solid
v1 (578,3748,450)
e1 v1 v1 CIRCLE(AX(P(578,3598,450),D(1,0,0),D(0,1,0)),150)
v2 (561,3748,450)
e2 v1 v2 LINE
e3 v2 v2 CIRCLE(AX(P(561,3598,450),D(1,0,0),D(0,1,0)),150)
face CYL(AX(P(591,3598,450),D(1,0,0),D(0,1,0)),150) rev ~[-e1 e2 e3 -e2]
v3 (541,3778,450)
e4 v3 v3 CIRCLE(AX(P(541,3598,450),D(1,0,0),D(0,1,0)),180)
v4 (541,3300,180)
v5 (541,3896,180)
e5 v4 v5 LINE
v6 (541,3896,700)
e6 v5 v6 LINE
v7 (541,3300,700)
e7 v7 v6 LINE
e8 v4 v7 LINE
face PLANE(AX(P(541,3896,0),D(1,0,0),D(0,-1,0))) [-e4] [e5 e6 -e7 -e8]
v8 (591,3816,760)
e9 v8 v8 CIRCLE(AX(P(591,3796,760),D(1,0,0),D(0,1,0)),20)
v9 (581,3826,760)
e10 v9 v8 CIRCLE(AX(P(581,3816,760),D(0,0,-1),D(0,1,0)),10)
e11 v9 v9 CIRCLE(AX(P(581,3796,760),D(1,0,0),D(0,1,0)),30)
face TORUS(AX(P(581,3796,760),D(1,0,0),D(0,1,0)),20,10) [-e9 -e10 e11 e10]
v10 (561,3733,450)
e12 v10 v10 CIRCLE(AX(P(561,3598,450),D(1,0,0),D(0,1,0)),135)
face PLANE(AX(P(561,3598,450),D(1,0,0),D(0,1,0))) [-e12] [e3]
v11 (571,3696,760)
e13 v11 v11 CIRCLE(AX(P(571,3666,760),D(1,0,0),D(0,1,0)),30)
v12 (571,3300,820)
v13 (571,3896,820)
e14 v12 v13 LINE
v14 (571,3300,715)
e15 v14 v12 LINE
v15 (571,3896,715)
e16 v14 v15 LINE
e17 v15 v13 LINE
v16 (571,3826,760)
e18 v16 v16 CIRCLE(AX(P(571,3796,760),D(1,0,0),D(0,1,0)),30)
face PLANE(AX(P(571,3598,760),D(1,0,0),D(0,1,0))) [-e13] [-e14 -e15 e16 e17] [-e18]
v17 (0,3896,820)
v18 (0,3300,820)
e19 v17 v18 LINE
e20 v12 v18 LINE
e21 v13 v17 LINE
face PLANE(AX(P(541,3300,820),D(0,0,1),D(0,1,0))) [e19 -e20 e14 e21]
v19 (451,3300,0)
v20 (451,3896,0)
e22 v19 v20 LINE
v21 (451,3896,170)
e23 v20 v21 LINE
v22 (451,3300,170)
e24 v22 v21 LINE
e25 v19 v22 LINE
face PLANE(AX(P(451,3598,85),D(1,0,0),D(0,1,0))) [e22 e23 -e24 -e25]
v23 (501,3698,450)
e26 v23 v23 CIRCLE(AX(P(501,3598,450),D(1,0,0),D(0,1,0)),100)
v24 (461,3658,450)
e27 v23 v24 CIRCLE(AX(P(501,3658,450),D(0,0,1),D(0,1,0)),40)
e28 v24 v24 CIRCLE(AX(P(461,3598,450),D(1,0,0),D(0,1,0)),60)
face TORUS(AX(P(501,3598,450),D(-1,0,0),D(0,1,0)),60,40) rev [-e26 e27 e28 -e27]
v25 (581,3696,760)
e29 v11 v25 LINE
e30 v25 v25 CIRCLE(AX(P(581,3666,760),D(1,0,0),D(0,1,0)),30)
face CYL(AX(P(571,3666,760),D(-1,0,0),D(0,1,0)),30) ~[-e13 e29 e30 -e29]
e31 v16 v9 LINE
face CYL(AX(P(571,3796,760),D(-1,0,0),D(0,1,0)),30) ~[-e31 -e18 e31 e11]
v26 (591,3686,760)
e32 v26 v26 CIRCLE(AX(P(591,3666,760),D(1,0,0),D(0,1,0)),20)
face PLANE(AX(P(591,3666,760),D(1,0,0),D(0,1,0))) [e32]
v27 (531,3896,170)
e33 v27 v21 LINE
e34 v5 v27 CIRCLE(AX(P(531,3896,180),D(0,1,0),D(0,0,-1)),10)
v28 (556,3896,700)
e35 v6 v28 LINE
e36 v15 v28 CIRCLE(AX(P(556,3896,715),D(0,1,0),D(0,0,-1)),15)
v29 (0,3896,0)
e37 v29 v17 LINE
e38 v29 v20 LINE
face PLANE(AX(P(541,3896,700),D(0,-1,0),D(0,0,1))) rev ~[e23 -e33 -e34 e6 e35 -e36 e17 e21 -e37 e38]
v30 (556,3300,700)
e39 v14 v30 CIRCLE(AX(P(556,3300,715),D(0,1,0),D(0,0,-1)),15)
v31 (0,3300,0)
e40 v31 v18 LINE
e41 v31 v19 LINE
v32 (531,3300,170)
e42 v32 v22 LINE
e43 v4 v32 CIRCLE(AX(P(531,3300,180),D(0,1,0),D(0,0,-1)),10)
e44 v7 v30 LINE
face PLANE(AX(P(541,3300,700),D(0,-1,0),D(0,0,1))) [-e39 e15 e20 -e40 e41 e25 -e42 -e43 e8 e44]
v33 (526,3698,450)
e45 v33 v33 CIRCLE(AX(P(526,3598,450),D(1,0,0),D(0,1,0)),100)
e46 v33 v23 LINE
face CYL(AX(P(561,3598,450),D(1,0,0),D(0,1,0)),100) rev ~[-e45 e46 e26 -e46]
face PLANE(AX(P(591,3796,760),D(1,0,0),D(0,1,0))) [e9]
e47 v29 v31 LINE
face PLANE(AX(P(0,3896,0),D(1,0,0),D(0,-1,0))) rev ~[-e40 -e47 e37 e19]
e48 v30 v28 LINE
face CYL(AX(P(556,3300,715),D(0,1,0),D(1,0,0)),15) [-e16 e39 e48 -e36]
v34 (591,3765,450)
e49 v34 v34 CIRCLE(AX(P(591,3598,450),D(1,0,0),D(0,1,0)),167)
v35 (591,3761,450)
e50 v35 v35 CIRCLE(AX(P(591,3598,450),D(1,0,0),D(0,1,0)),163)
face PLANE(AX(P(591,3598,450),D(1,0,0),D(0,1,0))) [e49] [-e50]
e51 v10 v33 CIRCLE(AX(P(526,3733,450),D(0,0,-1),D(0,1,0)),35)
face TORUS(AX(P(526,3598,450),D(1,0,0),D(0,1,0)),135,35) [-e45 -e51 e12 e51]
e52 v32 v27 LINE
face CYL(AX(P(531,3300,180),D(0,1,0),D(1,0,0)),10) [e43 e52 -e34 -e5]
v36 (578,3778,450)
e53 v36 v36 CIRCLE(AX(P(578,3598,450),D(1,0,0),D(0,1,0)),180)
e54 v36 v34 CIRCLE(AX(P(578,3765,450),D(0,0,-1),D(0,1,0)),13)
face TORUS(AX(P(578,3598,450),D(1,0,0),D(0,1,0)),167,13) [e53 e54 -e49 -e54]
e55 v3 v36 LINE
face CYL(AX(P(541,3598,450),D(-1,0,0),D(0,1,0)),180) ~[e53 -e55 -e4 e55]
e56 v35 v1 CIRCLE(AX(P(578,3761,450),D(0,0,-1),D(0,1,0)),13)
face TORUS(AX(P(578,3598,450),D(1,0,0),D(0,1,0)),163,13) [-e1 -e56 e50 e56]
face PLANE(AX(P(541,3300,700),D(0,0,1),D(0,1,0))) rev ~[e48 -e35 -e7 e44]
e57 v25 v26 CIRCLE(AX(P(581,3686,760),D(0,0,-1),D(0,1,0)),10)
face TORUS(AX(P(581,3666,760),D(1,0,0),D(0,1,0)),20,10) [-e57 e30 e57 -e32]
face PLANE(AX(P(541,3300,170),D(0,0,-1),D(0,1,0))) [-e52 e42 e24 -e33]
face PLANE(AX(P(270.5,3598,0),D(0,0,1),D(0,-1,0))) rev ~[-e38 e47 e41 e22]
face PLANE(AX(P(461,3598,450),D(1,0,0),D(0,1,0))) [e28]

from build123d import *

# Parameters (mm, degrees)
SKETCH004_W             = 596
SKETCH004_H             = 541
PAD_DEPTH               = 820
SKETCH005_W             = 596
SKETCH005_H             = 170
POCKET_DEPTH            = 90
SKETCH006_R             = 180
PAD001_DEPTH            = 50
SKETCH007_W             = 596
SKETCH007_H             = 120
PAD002_DEPTH            = 30
SKETCH008_R             = 150
POCKET001_DEPTH         = 30
FILLET003_R             = 13
SKETCH009_R             = 100
POCKET002_DEPTH         = 100
FILLET004_R             = 35
SKETCH010_R             = 30
PAD003_DEPTH            = 20
FILLET005_R             = 10
FILLET006_R             = 10
FILLET007_R             = 15
FILLET008_R             = 40
FILLET009_R             = 10
BODY001_PLACEMENT_ANGLE = 90


with BuildPart() as part:
    # Sketch004 → Pad (new body)
    with BuildSketch(Plane.XY):
        with Locations((298, 270.5)):
            Rectangle(SKETCH004_W, SKETCH004_H)
    extrude(amount=PAD_DEPTH)

    # Sketch005 (on Face3 of Pad) → Pocket (cut)
    with BuildSketch(Plane(origin=(0, 541, 0), x_dir=(-1, 0, 0), z_dir=(0, 1, 0))):
        with Locations((-298, 85)):
            Rectangle(SKETCH005_W, SKETCH005_H)
    extrude(amount=-POCKET_DEPTH, mode=Mode.SUBTRACT)

    # Sketch006 (on Face8 of Pocket) → Pad001 (join)
    with BuildSketch(Plane(origin=(0, 541, 0), x_dir=(-1, 0, 0), z_dir=(0, 1, 0))):
        with Locations((-298, 450)):
            Circle(SKETCH006_R)
    extrude(amount=PAD001_DEPTH)

    # Sketch007 (on Face8 of Pad001) → Pad002 (join)
    with BuildSketch(Plane(origin=(0, 541, 0), x_dir=(-1, 0, 0), z_dir=(0, 1, 0))):
        with Locations((-298, 760)):
            Rectangle(SKETCH007_W, SKETCH007_H)
    extrude(amount=PAD002_DEPTH)

    # Sketch008 (on Face15 of Pad002) → Pocket001 (cut)
    with BuildSketch(Plane(origin=(0, 591, 0), x_dir=(-1, 0, 0), z_dir=(0, 1, 0))):
        with Locations((-298, 450)):
            Circle(SKETCH008_R)
    extrude(amount=-POCKET001_DEPTH, mode=Mode.SUBTRACT)

    # Fillet003
    fillet003_edges = [part.edges().sort_by_distance(p)[0] for p in [
        (478, 591, 450),
        (448, 591, 450),
    ]]
    fillet(fillet003_edges, radius=FILLET003_R)

    # Sketch009 (on Face19 of Fillet003) → Pocket002 (cut)
    with BuildSketch(Plane(origin=(0, 561, 0), x_dir=(-1, 0, 0), z_dir=(0, 1, 0))):
        with Locations((-298, 450)):
            Circle(SKETCH009_R)
    extrude(amount=-POCKET002_DEPTH, mode=Mode.SUBTRACT)

    # Fillet004
    fillet004_edges = [part.edges().sort_by_distance(p)[0] for p in [
        (398, 561, 450),
    ]]
    fillet(fillet004_edges, radius=FILLET004_R)

    # Sketch010 (on Face21 of Fillet004) → Pad003 (join)
    with BuildSketch(Plane(origin=(0, 571, 0), x_dir=(-1, 0, 0), z_dir=(0, 1, 0))):
        with Locations((-100, 760)):
            Circle(SKETCH010_R)
        with Locations((-230, 760)):
            Circle(SKETCH010_R)
    extrude(amount=PAD003_DEPTH)

    # Fillet005
    fillet005_edges = [part.edges().sort_by_distance(p)[0] for p in [
        (260, 591, 760),
    ]]
    fillet(fillet005_edges, radius=FILLET005_R)

    # Fillet006
    fillet006_edges = [part.edges().sort_by_distance(p)[0] for p in [
        (130, 591, 760),
    ]]
    fillet(fillet006_edges, radius=FILLET006_R)

    # Fillet007
    fillet007_edges = [part.edges().sort_by_distance(p)[0] for p in [
        (298, 571, 700),
    ]]
    fillet(fillet007_edges, radius=FILLET007_R)

    # Fillet008
    fillet008_edges = [part.edges().sort_by_distance(p)[0] for p in [
        (398, 461, 450),
    ]]
    fillet(fillet008_edges, radius=FILLET008_R)

    # Fillet009
    fillet009_edges = [part.edges().sort_by_distance(p)[0] for p in [
        (298, 541, 170),
    ]]
    fillet(fillet009_edges, radius=FILLET009_R)


with BuildPart() as part_1:
    # Body001 placement: moved
    add(part.part.moved(Location((0, 3896, 0))).rotate(Axis((0, 3896, 0), (0, 0, -1)), BODY001_PLACEMENT_ANGLE))


solid = part_1.part
